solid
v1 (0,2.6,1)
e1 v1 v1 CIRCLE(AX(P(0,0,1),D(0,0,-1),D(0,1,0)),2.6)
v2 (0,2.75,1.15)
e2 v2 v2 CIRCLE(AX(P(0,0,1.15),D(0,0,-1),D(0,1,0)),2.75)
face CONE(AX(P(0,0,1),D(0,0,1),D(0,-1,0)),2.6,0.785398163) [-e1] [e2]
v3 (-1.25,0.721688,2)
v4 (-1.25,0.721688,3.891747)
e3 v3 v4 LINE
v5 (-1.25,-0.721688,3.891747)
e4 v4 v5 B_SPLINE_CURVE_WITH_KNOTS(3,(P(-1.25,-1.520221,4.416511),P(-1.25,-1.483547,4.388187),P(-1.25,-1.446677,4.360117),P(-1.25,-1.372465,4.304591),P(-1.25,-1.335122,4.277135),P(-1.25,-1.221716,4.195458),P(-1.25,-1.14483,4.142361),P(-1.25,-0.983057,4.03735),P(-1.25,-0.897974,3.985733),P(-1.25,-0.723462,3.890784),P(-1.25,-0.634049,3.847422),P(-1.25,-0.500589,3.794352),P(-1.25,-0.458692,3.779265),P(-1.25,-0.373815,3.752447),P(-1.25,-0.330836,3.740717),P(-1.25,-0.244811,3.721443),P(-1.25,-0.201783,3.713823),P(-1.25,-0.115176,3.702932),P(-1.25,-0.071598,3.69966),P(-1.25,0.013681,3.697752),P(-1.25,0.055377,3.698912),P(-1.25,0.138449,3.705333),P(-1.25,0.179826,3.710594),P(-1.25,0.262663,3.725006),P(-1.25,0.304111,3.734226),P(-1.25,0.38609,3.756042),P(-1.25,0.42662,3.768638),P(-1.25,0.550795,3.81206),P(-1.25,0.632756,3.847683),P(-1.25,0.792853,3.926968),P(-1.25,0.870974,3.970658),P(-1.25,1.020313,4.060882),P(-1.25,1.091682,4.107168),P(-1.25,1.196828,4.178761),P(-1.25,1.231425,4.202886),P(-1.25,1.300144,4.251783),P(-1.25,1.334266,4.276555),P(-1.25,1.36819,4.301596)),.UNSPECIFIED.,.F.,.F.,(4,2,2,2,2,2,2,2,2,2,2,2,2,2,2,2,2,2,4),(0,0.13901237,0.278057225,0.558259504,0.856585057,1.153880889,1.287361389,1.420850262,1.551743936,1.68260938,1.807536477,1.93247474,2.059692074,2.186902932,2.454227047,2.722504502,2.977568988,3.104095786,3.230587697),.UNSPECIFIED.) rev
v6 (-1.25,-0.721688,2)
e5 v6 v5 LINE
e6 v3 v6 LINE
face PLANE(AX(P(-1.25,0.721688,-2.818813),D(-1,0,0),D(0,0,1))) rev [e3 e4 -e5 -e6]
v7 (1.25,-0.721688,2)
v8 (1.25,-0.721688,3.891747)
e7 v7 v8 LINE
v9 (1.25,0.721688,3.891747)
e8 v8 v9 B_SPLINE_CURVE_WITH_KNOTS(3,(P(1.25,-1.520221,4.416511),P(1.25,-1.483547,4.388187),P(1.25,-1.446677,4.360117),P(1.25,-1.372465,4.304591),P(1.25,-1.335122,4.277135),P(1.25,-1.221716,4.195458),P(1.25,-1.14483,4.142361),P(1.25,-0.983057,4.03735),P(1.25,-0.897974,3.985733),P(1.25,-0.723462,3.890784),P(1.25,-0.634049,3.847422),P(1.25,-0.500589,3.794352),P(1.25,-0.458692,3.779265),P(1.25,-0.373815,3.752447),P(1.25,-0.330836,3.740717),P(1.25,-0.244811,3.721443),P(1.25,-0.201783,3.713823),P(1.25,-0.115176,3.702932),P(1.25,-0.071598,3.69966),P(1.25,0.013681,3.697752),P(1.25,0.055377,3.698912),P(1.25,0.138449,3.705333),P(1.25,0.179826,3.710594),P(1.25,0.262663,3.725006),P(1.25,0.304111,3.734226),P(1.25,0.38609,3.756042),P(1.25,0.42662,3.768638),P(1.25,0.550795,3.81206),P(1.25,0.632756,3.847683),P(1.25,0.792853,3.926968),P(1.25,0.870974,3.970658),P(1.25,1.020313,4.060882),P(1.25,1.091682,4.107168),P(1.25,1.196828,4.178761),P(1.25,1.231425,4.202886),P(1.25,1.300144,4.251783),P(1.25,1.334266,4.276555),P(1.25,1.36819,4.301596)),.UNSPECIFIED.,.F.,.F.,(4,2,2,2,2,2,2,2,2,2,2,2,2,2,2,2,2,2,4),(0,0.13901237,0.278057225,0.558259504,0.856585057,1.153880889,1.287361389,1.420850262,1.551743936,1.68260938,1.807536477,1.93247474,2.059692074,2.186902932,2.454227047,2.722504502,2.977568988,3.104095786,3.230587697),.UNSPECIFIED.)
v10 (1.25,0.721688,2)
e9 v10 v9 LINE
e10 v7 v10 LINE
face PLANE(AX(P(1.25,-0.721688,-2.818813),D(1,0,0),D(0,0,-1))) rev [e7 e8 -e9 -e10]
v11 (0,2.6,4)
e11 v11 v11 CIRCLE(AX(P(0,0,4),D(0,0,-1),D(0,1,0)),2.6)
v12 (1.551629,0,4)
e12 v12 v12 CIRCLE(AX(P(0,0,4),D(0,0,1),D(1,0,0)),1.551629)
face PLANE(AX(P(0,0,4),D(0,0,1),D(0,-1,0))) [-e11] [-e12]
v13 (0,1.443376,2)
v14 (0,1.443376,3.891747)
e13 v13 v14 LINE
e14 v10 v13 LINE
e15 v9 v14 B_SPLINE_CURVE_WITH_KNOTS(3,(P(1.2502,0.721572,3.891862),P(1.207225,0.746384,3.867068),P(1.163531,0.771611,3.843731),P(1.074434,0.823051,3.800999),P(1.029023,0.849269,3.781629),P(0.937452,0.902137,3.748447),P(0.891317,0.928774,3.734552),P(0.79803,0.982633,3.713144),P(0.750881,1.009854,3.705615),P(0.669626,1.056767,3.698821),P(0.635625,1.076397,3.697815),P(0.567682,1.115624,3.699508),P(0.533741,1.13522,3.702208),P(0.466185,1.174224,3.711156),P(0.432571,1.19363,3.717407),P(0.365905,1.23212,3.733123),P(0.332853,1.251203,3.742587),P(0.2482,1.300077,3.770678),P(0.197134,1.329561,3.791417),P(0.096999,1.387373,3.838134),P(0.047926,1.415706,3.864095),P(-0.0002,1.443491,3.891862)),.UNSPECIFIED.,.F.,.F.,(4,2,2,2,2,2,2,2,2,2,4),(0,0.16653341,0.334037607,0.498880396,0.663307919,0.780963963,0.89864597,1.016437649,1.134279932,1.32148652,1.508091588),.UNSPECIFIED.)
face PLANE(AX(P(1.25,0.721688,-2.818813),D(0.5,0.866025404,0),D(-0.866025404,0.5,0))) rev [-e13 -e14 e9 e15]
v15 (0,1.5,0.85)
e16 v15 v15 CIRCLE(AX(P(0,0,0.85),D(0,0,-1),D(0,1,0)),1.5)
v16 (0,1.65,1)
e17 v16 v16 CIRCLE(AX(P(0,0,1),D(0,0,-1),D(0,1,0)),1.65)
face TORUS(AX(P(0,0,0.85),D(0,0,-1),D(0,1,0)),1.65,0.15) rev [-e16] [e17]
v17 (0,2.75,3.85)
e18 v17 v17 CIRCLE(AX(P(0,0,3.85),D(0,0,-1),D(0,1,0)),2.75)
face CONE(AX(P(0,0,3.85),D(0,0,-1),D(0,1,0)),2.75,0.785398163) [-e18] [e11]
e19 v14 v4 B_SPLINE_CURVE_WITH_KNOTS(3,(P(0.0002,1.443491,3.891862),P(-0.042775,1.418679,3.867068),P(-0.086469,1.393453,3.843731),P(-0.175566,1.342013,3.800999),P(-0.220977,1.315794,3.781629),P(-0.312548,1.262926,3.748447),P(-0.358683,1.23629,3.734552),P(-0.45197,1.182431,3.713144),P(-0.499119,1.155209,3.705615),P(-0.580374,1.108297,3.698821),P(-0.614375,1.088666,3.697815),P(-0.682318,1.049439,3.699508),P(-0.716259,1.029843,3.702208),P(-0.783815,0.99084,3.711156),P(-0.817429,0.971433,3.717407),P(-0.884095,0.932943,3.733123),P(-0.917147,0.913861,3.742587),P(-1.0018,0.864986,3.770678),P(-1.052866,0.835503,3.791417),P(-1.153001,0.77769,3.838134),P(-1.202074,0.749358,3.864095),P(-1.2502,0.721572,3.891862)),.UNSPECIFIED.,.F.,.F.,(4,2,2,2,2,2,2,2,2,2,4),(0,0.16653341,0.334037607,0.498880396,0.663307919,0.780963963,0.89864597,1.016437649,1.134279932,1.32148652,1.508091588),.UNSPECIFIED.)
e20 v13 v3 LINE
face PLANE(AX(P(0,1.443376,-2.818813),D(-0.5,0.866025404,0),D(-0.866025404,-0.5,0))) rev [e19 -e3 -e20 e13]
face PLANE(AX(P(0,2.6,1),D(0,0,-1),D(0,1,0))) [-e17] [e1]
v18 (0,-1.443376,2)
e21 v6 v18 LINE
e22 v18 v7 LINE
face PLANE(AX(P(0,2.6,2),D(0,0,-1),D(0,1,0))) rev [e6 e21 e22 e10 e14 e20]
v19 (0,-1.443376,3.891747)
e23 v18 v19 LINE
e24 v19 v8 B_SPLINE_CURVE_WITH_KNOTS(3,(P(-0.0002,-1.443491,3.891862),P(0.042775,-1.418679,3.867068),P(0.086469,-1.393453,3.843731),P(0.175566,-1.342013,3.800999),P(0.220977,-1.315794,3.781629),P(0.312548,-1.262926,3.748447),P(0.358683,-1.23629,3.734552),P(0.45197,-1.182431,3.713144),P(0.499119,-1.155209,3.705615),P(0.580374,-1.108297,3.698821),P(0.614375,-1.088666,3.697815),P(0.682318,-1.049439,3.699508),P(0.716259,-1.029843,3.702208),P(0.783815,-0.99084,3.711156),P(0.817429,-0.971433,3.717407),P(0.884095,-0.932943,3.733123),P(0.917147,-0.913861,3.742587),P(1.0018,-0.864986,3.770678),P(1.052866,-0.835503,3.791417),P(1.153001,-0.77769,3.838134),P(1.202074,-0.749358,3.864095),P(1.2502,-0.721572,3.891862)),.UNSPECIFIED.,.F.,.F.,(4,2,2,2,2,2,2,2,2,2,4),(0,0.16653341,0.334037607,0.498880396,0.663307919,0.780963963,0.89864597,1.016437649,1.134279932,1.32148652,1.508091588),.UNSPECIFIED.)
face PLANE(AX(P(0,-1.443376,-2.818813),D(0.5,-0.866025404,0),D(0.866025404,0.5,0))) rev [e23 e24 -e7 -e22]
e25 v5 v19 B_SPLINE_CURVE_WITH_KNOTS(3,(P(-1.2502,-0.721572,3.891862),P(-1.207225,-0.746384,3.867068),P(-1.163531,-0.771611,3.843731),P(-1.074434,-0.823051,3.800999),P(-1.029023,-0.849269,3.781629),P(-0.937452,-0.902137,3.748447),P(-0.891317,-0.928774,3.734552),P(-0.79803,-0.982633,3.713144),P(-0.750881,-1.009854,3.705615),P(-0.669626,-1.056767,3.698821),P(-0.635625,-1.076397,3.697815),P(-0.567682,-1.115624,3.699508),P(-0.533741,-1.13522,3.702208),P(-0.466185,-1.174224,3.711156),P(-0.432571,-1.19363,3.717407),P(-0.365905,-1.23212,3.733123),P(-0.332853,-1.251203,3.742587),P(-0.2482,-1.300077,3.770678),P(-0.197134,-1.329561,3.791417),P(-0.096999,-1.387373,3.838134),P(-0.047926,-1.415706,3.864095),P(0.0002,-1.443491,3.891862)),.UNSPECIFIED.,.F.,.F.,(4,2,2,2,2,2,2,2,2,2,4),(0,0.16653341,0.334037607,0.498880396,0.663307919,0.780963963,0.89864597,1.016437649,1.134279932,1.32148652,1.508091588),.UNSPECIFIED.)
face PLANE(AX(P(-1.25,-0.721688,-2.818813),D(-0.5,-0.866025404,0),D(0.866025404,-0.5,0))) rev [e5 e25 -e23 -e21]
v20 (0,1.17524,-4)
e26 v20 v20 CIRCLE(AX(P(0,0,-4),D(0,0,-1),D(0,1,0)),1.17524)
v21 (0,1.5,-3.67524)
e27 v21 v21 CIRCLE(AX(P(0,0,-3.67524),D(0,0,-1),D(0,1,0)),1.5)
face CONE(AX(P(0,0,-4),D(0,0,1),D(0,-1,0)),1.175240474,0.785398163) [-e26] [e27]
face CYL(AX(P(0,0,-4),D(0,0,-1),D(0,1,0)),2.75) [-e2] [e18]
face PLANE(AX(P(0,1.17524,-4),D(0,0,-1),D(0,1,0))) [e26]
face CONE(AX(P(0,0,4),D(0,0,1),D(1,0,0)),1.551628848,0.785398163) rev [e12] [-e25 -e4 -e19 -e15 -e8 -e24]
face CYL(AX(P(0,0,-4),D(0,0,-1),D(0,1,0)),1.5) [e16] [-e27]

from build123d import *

# Parameters (mm, degrees)
CUT_EXTRUDE1_DEPTH = 2
SKETCH4_R          = 1.551628848
CUT_EXTRUDE2_DEPTH = 2
CUT_EXTRUDE2_DRAFT = -45


with BuildPart() as part:
    # Sketch2 → Revolve1 (revolve)
    with BuildSketch(Plane(origin=(0, 0, 0), x_dir=(0, 0, -1), z_dir=(1, 0, 0))):
        with BuildLine():
            Line((-4, 0), (-4, 2.6))
            Line((-4, 2.6), (-3.85, 2.75))
            Line((-3.85, 2.75), (-1.15, 2.75))
            Line((-1.15, 2.75), (-1, 2.6))
            Line((-1, 2.6), (-1, 1.65))
            ThreePointArc((-1, 1.65), (-0.956066017, 1.543933983), (-0.85, 1.5))
            Line((-0.85, 1.5), (3.675240474, 1.5))
            Line((3.675240474, 1.5), (4, 1.175240474))
            Line((4, 1.175240474), (4, 0))
            Line((4, 0), (-4, 0))
        make_face()
    revolve(axis=Axis((0, 0, -4), (0, 0, 1)))

    # Sketch3 → Cut-Extrude1 (cut)
    with BuildSketch(Plane.XY.offset(4)):
        Polygon((1.25, -0.721687836), (1.25, 0.721687836), (0, 1.443375673), (-1.25, 0.721687836), (-1.25, -0.721687836), (0, -1.443375673), align=None)
    extrude(amount=-CUT_EXTRUDE1_DEPTH, mode=Mode.SUBTRACT)


with BuildPart() as cut_extrude2_tool:
    # Sketch4 → Cut-Extrude2 (with draft: the straight prism first)
    with BuildSketch(Plane.XY.offset(4)):
        Circle(SKETCH4_R)
    extrude(amount=-CUT_EXTRUDE2_DEPTH)
    # Cut-Extrude2: the draft: its side faces are tilted about the plane it starts from
    cut_extrude2_sides = [cut_extrude2_tool.faces().sort_by_distance(p)[0] for p in [
        (-1.551628848, 0, 3),
    ]]
    draft(cut_extrude2_sides, Plane.XY.offset(4), CUT_EXTRUDE2_DRAFT)


with BuildPart() as part_1:
    add(part.part)

    # Cut-Extrude2: cut by cut_extrude2_tool
    add(cut_extrude2_tool.part, mode=Mode.SUBTRACT)


solid = part_1.part
